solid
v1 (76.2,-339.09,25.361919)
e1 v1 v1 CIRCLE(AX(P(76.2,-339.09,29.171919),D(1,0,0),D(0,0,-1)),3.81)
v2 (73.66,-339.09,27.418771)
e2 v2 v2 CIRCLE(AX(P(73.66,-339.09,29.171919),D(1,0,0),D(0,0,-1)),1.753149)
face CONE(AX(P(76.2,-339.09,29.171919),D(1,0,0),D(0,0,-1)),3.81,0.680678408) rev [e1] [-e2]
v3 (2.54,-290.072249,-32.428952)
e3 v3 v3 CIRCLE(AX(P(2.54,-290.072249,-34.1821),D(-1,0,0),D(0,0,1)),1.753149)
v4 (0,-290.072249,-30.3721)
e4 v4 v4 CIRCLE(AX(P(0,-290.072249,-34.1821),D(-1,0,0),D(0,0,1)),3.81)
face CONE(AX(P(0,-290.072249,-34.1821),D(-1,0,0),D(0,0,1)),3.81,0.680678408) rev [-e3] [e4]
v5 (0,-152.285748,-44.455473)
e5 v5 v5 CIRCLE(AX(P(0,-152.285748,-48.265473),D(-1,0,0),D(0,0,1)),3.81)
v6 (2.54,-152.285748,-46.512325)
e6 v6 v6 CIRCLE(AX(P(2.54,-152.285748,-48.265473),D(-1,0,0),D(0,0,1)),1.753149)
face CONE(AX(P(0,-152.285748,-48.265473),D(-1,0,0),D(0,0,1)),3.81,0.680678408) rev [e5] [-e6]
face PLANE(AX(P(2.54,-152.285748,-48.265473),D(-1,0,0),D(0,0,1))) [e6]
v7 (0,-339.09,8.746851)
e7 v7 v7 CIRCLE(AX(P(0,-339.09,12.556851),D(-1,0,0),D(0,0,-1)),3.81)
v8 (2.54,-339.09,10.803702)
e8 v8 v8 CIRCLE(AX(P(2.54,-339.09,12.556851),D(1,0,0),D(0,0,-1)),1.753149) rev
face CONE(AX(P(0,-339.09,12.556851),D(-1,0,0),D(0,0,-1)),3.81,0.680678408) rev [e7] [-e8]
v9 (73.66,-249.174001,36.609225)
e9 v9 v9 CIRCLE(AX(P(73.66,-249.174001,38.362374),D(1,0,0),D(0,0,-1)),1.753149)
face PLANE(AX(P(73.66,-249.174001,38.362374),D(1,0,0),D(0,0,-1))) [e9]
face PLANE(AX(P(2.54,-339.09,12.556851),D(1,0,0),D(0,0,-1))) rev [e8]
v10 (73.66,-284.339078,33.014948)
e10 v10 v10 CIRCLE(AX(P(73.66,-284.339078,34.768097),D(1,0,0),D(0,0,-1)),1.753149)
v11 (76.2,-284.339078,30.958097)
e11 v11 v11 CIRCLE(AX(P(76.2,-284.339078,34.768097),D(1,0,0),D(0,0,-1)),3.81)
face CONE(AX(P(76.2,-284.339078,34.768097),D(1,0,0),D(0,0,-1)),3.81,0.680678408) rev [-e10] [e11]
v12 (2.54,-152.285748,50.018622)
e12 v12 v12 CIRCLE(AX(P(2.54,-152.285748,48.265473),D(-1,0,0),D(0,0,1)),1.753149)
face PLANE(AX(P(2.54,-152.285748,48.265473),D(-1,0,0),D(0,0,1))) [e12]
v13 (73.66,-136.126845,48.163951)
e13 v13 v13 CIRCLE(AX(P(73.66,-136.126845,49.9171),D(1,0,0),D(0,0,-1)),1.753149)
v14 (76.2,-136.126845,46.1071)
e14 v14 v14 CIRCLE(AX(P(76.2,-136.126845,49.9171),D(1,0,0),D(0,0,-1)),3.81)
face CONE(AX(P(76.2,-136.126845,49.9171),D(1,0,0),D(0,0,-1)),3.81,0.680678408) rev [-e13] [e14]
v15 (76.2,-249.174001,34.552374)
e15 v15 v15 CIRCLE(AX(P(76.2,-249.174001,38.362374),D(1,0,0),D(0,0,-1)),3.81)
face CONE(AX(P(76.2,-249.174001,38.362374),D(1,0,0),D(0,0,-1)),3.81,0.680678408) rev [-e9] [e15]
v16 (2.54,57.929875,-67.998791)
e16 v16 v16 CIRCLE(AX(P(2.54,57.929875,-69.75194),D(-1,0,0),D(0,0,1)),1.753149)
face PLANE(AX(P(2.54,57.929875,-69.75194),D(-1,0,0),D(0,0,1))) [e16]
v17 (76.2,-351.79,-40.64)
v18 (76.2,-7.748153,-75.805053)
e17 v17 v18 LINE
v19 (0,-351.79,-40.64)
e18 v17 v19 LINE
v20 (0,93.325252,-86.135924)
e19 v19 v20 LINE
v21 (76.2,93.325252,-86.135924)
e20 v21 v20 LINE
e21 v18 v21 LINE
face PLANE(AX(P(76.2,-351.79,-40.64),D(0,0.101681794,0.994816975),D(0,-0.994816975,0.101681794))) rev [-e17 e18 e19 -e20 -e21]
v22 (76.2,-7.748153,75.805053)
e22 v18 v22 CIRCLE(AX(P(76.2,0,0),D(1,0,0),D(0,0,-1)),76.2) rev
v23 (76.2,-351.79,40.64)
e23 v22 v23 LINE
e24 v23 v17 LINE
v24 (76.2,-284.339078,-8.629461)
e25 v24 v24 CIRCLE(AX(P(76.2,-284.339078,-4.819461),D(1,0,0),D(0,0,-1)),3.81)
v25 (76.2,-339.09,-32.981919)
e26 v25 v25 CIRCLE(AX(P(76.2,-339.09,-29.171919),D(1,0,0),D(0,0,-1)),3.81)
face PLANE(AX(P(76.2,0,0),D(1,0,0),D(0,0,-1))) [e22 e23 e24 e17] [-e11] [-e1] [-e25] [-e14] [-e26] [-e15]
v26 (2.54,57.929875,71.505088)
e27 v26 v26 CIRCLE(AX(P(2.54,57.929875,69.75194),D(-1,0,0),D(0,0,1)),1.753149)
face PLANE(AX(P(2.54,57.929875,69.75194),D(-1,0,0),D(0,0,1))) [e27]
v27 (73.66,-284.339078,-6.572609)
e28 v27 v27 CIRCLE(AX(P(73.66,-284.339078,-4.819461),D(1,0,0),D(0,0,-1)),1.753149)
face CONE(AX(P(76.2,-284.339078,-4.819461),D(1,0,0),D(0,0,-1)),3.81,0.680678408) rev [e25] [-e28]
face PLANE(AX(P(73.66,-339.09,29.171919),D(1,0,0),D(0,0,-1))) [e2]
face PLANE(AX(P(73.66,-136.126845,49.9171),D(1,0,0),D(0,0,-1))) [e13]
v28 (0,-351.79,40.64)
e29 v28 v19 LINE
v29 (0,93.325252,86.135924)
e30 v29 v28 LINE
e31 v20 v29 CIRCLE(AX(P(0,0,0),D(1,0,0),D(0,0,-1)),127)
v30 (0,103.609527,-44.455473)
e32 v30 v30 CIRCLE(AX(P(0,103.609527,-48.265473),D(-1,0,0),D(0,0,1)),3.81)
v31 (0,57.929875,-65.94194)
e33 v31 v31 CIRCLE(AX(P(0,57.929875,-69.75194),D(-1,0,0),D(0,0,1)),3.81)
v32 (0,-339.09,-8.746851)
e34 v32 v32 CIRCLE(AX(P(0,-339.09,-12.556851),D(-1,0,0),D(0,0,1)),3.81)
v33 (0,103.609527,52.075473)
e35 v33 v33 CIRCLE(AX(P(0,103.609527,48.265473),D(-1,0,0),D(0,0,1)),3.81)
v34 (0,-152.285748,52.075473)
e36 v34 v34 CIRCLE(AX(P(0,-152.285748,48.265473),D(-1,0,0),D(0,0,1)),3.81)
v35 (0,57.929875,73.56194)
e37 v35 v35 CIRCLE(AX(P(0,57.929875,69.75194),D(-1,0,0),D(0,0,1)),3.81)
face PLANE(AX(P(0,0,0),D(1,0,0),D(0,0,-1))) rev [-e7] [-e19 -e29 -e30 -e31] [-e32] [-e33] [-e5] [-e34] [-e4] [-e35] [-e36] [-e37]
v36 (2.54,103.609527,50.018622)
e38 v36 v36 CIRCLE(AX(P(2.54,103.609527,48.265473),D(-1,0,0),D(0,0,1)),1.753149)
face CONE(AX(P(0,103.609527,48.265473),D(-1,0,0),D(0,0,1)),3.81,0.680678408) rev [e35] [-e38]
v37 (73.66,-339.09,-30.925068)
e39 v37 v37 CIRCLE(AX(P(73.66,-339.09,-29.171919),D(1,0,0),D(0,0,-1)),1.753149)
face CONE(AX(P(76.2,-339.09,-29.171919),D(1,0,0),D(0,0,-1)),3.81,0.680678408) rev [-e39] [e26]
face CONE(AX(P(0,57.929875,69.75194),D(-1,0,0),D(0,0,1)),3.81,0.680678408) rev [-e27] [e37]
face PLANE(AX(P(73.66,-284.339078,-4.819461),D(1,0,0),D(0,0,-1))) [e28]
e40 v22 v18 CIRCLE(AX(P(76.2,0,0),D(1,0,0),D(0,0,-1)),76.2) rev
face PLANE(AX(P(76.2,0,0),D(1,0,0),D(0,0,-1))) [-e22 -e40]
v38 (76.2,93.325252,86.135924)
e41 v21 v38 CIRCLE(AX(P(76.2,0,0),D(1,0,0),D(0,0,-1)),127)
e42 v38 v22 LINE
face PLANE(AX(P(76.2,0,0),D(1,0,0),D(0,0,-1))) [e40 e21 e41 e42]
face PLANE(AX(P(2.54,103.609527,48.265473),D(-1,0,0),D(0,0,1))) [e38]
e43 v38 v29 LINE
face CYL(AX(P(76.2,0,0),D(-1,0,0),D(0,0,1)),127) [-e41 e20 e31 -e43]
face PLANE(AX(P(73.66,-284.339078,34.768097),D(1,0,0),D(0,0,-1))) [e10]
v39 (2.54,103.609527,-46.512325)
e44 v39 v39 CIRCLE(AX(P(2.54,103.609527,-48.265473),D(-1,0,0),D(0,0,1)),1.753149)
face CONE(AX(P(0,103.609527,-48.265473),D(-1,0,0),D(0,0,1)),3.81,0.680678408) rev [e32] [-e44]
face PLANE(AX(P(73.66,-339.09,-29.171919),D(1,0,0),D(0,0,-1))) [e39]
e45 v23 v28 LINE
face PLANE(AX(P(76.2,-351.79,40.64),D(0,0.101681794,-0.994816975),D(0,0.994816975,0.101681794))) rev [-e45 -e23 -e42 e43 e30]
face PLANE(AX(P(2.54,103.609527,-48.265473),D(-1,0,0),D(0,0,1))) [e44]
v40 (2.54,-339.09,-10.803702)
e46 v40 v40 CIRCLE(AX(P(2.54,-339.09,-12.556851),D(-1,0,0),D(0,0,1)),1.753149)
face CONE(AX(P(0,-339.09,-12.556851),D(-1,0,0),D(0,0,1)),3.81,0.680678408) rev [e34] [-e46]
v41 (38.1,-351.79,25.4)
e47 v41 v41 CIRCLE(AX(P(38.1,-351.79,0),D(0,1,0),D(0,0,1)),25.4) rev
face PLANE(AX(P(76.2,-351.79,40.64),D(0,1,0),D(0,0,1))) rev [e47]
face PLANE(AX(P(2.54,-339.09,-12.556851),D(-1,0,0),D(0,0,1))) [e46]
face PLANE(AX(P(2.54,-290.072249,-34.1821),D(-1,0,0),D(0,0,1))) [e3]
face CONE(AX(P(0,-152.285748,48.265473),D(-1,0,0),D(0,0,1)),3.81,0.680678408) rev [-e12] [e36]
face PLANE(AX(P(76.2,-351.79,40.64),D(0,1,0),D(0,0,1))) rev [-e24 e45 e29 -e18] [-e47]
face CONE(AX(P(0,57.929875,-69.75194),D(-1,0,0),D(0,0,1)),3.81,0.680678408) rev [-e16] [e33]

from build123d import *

# Parameters (mm, degrees)
SALIENTE_EXTRUIR1_DEPTH = 76.2
CROQUIS4_R              = 3.81
CORTAR_EXTRUIR1_DEPTH   = 2.54
CORTAR_EXTRUIR1_TAPER   = 39
CROQUIS5_R              = 3.81
CORTAR_EXTRUIR2_DEPTH   = 2.54
CORTAR_EXTRUIR2_TAPER   = 39


with BuildPart() as part:
    # Croquis1 → Saliente-Extruir1 (new body)
    with BuildSketch(Plane(origin=(0, 0, 0), x_dir=(0, 0, -1), z_dir=(1, 0, 0))):
        with BuildLine():
            Line((-40.64, -351.79000001), (-86.135923686, 93.325251946))
            ThreePointArc((-86.135923686, 93.325251946), (0, 127), (86.135923686, 93.325251946))
            Line((86.135923686, 93.325251946), (40.64, -351.79000001))
            Line((40.64, -351.79000001), (-40.64, -351.79000001))
        make_face()
    extrude(amount=SALIENTE_EXTRUIR1_DEPTH)

    # Croquis4 → Cortar-Extruir1 (cut)
    with BuildSketch(Plane(origin=(76.2, 0, 0), x_dir=(0, 0, -1), z_dir=(1, 0, 0))):
        with Locations((-49.917099877, -136.126844727)):
            Circle(CROQUIS4_R)
        with Locations((-38.362373799, -249.174001321)):
            Circle(CROQUIS4_R)
        with Locations((-34.768096531, -284.339077712)):
            Circle(CROQUIS4_R)
        with Locations((-29.171919425, -339.09000001)):
            Circle(CROQUIS4_R)
        with Locations((29.171919425, -339.09000001)):
            Circle(CROQUIS4_R)
        with Locations((4.819460737, -284.339077712)):
            Circle(CROQUIS4_R)
    extrude(amount=-CORTAR_EXTRUIR1_DEPTH, taper=CORTAR_EXTRUIR1_TAPER, mode=Mode.SUBTRACT)

    # Croquis5 → Cortar-Extruir2 (cut)
    with BuildSketch(Plane.ZY):
        with Locations((-12.556850651, -339.09000001)):
            Circle(CROQUIS5_R)
        with Locations((12.556850651, -339.09000001)):
            Circle(CROQUIS5_R)
        with Locations((-34.182100121, -290.072249352)):
            Circle(CROQUIS5_R)
        with Locations((-48.265473167, -152.285748198)):
            Circle(CROQUIS5_R)
        with Locations((-69.751939629, 57.929874619)):
            Circle(CROQUIS5_R)
        with Locations((-48.265473167, 103.609527072)):
            Circle(CROQUIS5_R)
        with Locations((48.265473167, 103.609527072)):
            Circle(CROQUIS5_R)
        with Locations((69.751939629, 57.929874619)):
            Circle(CROQUIS5_R)
        with Locations((48.265473167, -152.285748198)):
            Circle(CROQUIS5_R)
    extrude(amount=-CORTAR_EXTRUIR2_DEPTH, taper=CORTAR_EXTRUIR2_TAPER, mode=Mode.SUBTRACT)


solid = part.part
